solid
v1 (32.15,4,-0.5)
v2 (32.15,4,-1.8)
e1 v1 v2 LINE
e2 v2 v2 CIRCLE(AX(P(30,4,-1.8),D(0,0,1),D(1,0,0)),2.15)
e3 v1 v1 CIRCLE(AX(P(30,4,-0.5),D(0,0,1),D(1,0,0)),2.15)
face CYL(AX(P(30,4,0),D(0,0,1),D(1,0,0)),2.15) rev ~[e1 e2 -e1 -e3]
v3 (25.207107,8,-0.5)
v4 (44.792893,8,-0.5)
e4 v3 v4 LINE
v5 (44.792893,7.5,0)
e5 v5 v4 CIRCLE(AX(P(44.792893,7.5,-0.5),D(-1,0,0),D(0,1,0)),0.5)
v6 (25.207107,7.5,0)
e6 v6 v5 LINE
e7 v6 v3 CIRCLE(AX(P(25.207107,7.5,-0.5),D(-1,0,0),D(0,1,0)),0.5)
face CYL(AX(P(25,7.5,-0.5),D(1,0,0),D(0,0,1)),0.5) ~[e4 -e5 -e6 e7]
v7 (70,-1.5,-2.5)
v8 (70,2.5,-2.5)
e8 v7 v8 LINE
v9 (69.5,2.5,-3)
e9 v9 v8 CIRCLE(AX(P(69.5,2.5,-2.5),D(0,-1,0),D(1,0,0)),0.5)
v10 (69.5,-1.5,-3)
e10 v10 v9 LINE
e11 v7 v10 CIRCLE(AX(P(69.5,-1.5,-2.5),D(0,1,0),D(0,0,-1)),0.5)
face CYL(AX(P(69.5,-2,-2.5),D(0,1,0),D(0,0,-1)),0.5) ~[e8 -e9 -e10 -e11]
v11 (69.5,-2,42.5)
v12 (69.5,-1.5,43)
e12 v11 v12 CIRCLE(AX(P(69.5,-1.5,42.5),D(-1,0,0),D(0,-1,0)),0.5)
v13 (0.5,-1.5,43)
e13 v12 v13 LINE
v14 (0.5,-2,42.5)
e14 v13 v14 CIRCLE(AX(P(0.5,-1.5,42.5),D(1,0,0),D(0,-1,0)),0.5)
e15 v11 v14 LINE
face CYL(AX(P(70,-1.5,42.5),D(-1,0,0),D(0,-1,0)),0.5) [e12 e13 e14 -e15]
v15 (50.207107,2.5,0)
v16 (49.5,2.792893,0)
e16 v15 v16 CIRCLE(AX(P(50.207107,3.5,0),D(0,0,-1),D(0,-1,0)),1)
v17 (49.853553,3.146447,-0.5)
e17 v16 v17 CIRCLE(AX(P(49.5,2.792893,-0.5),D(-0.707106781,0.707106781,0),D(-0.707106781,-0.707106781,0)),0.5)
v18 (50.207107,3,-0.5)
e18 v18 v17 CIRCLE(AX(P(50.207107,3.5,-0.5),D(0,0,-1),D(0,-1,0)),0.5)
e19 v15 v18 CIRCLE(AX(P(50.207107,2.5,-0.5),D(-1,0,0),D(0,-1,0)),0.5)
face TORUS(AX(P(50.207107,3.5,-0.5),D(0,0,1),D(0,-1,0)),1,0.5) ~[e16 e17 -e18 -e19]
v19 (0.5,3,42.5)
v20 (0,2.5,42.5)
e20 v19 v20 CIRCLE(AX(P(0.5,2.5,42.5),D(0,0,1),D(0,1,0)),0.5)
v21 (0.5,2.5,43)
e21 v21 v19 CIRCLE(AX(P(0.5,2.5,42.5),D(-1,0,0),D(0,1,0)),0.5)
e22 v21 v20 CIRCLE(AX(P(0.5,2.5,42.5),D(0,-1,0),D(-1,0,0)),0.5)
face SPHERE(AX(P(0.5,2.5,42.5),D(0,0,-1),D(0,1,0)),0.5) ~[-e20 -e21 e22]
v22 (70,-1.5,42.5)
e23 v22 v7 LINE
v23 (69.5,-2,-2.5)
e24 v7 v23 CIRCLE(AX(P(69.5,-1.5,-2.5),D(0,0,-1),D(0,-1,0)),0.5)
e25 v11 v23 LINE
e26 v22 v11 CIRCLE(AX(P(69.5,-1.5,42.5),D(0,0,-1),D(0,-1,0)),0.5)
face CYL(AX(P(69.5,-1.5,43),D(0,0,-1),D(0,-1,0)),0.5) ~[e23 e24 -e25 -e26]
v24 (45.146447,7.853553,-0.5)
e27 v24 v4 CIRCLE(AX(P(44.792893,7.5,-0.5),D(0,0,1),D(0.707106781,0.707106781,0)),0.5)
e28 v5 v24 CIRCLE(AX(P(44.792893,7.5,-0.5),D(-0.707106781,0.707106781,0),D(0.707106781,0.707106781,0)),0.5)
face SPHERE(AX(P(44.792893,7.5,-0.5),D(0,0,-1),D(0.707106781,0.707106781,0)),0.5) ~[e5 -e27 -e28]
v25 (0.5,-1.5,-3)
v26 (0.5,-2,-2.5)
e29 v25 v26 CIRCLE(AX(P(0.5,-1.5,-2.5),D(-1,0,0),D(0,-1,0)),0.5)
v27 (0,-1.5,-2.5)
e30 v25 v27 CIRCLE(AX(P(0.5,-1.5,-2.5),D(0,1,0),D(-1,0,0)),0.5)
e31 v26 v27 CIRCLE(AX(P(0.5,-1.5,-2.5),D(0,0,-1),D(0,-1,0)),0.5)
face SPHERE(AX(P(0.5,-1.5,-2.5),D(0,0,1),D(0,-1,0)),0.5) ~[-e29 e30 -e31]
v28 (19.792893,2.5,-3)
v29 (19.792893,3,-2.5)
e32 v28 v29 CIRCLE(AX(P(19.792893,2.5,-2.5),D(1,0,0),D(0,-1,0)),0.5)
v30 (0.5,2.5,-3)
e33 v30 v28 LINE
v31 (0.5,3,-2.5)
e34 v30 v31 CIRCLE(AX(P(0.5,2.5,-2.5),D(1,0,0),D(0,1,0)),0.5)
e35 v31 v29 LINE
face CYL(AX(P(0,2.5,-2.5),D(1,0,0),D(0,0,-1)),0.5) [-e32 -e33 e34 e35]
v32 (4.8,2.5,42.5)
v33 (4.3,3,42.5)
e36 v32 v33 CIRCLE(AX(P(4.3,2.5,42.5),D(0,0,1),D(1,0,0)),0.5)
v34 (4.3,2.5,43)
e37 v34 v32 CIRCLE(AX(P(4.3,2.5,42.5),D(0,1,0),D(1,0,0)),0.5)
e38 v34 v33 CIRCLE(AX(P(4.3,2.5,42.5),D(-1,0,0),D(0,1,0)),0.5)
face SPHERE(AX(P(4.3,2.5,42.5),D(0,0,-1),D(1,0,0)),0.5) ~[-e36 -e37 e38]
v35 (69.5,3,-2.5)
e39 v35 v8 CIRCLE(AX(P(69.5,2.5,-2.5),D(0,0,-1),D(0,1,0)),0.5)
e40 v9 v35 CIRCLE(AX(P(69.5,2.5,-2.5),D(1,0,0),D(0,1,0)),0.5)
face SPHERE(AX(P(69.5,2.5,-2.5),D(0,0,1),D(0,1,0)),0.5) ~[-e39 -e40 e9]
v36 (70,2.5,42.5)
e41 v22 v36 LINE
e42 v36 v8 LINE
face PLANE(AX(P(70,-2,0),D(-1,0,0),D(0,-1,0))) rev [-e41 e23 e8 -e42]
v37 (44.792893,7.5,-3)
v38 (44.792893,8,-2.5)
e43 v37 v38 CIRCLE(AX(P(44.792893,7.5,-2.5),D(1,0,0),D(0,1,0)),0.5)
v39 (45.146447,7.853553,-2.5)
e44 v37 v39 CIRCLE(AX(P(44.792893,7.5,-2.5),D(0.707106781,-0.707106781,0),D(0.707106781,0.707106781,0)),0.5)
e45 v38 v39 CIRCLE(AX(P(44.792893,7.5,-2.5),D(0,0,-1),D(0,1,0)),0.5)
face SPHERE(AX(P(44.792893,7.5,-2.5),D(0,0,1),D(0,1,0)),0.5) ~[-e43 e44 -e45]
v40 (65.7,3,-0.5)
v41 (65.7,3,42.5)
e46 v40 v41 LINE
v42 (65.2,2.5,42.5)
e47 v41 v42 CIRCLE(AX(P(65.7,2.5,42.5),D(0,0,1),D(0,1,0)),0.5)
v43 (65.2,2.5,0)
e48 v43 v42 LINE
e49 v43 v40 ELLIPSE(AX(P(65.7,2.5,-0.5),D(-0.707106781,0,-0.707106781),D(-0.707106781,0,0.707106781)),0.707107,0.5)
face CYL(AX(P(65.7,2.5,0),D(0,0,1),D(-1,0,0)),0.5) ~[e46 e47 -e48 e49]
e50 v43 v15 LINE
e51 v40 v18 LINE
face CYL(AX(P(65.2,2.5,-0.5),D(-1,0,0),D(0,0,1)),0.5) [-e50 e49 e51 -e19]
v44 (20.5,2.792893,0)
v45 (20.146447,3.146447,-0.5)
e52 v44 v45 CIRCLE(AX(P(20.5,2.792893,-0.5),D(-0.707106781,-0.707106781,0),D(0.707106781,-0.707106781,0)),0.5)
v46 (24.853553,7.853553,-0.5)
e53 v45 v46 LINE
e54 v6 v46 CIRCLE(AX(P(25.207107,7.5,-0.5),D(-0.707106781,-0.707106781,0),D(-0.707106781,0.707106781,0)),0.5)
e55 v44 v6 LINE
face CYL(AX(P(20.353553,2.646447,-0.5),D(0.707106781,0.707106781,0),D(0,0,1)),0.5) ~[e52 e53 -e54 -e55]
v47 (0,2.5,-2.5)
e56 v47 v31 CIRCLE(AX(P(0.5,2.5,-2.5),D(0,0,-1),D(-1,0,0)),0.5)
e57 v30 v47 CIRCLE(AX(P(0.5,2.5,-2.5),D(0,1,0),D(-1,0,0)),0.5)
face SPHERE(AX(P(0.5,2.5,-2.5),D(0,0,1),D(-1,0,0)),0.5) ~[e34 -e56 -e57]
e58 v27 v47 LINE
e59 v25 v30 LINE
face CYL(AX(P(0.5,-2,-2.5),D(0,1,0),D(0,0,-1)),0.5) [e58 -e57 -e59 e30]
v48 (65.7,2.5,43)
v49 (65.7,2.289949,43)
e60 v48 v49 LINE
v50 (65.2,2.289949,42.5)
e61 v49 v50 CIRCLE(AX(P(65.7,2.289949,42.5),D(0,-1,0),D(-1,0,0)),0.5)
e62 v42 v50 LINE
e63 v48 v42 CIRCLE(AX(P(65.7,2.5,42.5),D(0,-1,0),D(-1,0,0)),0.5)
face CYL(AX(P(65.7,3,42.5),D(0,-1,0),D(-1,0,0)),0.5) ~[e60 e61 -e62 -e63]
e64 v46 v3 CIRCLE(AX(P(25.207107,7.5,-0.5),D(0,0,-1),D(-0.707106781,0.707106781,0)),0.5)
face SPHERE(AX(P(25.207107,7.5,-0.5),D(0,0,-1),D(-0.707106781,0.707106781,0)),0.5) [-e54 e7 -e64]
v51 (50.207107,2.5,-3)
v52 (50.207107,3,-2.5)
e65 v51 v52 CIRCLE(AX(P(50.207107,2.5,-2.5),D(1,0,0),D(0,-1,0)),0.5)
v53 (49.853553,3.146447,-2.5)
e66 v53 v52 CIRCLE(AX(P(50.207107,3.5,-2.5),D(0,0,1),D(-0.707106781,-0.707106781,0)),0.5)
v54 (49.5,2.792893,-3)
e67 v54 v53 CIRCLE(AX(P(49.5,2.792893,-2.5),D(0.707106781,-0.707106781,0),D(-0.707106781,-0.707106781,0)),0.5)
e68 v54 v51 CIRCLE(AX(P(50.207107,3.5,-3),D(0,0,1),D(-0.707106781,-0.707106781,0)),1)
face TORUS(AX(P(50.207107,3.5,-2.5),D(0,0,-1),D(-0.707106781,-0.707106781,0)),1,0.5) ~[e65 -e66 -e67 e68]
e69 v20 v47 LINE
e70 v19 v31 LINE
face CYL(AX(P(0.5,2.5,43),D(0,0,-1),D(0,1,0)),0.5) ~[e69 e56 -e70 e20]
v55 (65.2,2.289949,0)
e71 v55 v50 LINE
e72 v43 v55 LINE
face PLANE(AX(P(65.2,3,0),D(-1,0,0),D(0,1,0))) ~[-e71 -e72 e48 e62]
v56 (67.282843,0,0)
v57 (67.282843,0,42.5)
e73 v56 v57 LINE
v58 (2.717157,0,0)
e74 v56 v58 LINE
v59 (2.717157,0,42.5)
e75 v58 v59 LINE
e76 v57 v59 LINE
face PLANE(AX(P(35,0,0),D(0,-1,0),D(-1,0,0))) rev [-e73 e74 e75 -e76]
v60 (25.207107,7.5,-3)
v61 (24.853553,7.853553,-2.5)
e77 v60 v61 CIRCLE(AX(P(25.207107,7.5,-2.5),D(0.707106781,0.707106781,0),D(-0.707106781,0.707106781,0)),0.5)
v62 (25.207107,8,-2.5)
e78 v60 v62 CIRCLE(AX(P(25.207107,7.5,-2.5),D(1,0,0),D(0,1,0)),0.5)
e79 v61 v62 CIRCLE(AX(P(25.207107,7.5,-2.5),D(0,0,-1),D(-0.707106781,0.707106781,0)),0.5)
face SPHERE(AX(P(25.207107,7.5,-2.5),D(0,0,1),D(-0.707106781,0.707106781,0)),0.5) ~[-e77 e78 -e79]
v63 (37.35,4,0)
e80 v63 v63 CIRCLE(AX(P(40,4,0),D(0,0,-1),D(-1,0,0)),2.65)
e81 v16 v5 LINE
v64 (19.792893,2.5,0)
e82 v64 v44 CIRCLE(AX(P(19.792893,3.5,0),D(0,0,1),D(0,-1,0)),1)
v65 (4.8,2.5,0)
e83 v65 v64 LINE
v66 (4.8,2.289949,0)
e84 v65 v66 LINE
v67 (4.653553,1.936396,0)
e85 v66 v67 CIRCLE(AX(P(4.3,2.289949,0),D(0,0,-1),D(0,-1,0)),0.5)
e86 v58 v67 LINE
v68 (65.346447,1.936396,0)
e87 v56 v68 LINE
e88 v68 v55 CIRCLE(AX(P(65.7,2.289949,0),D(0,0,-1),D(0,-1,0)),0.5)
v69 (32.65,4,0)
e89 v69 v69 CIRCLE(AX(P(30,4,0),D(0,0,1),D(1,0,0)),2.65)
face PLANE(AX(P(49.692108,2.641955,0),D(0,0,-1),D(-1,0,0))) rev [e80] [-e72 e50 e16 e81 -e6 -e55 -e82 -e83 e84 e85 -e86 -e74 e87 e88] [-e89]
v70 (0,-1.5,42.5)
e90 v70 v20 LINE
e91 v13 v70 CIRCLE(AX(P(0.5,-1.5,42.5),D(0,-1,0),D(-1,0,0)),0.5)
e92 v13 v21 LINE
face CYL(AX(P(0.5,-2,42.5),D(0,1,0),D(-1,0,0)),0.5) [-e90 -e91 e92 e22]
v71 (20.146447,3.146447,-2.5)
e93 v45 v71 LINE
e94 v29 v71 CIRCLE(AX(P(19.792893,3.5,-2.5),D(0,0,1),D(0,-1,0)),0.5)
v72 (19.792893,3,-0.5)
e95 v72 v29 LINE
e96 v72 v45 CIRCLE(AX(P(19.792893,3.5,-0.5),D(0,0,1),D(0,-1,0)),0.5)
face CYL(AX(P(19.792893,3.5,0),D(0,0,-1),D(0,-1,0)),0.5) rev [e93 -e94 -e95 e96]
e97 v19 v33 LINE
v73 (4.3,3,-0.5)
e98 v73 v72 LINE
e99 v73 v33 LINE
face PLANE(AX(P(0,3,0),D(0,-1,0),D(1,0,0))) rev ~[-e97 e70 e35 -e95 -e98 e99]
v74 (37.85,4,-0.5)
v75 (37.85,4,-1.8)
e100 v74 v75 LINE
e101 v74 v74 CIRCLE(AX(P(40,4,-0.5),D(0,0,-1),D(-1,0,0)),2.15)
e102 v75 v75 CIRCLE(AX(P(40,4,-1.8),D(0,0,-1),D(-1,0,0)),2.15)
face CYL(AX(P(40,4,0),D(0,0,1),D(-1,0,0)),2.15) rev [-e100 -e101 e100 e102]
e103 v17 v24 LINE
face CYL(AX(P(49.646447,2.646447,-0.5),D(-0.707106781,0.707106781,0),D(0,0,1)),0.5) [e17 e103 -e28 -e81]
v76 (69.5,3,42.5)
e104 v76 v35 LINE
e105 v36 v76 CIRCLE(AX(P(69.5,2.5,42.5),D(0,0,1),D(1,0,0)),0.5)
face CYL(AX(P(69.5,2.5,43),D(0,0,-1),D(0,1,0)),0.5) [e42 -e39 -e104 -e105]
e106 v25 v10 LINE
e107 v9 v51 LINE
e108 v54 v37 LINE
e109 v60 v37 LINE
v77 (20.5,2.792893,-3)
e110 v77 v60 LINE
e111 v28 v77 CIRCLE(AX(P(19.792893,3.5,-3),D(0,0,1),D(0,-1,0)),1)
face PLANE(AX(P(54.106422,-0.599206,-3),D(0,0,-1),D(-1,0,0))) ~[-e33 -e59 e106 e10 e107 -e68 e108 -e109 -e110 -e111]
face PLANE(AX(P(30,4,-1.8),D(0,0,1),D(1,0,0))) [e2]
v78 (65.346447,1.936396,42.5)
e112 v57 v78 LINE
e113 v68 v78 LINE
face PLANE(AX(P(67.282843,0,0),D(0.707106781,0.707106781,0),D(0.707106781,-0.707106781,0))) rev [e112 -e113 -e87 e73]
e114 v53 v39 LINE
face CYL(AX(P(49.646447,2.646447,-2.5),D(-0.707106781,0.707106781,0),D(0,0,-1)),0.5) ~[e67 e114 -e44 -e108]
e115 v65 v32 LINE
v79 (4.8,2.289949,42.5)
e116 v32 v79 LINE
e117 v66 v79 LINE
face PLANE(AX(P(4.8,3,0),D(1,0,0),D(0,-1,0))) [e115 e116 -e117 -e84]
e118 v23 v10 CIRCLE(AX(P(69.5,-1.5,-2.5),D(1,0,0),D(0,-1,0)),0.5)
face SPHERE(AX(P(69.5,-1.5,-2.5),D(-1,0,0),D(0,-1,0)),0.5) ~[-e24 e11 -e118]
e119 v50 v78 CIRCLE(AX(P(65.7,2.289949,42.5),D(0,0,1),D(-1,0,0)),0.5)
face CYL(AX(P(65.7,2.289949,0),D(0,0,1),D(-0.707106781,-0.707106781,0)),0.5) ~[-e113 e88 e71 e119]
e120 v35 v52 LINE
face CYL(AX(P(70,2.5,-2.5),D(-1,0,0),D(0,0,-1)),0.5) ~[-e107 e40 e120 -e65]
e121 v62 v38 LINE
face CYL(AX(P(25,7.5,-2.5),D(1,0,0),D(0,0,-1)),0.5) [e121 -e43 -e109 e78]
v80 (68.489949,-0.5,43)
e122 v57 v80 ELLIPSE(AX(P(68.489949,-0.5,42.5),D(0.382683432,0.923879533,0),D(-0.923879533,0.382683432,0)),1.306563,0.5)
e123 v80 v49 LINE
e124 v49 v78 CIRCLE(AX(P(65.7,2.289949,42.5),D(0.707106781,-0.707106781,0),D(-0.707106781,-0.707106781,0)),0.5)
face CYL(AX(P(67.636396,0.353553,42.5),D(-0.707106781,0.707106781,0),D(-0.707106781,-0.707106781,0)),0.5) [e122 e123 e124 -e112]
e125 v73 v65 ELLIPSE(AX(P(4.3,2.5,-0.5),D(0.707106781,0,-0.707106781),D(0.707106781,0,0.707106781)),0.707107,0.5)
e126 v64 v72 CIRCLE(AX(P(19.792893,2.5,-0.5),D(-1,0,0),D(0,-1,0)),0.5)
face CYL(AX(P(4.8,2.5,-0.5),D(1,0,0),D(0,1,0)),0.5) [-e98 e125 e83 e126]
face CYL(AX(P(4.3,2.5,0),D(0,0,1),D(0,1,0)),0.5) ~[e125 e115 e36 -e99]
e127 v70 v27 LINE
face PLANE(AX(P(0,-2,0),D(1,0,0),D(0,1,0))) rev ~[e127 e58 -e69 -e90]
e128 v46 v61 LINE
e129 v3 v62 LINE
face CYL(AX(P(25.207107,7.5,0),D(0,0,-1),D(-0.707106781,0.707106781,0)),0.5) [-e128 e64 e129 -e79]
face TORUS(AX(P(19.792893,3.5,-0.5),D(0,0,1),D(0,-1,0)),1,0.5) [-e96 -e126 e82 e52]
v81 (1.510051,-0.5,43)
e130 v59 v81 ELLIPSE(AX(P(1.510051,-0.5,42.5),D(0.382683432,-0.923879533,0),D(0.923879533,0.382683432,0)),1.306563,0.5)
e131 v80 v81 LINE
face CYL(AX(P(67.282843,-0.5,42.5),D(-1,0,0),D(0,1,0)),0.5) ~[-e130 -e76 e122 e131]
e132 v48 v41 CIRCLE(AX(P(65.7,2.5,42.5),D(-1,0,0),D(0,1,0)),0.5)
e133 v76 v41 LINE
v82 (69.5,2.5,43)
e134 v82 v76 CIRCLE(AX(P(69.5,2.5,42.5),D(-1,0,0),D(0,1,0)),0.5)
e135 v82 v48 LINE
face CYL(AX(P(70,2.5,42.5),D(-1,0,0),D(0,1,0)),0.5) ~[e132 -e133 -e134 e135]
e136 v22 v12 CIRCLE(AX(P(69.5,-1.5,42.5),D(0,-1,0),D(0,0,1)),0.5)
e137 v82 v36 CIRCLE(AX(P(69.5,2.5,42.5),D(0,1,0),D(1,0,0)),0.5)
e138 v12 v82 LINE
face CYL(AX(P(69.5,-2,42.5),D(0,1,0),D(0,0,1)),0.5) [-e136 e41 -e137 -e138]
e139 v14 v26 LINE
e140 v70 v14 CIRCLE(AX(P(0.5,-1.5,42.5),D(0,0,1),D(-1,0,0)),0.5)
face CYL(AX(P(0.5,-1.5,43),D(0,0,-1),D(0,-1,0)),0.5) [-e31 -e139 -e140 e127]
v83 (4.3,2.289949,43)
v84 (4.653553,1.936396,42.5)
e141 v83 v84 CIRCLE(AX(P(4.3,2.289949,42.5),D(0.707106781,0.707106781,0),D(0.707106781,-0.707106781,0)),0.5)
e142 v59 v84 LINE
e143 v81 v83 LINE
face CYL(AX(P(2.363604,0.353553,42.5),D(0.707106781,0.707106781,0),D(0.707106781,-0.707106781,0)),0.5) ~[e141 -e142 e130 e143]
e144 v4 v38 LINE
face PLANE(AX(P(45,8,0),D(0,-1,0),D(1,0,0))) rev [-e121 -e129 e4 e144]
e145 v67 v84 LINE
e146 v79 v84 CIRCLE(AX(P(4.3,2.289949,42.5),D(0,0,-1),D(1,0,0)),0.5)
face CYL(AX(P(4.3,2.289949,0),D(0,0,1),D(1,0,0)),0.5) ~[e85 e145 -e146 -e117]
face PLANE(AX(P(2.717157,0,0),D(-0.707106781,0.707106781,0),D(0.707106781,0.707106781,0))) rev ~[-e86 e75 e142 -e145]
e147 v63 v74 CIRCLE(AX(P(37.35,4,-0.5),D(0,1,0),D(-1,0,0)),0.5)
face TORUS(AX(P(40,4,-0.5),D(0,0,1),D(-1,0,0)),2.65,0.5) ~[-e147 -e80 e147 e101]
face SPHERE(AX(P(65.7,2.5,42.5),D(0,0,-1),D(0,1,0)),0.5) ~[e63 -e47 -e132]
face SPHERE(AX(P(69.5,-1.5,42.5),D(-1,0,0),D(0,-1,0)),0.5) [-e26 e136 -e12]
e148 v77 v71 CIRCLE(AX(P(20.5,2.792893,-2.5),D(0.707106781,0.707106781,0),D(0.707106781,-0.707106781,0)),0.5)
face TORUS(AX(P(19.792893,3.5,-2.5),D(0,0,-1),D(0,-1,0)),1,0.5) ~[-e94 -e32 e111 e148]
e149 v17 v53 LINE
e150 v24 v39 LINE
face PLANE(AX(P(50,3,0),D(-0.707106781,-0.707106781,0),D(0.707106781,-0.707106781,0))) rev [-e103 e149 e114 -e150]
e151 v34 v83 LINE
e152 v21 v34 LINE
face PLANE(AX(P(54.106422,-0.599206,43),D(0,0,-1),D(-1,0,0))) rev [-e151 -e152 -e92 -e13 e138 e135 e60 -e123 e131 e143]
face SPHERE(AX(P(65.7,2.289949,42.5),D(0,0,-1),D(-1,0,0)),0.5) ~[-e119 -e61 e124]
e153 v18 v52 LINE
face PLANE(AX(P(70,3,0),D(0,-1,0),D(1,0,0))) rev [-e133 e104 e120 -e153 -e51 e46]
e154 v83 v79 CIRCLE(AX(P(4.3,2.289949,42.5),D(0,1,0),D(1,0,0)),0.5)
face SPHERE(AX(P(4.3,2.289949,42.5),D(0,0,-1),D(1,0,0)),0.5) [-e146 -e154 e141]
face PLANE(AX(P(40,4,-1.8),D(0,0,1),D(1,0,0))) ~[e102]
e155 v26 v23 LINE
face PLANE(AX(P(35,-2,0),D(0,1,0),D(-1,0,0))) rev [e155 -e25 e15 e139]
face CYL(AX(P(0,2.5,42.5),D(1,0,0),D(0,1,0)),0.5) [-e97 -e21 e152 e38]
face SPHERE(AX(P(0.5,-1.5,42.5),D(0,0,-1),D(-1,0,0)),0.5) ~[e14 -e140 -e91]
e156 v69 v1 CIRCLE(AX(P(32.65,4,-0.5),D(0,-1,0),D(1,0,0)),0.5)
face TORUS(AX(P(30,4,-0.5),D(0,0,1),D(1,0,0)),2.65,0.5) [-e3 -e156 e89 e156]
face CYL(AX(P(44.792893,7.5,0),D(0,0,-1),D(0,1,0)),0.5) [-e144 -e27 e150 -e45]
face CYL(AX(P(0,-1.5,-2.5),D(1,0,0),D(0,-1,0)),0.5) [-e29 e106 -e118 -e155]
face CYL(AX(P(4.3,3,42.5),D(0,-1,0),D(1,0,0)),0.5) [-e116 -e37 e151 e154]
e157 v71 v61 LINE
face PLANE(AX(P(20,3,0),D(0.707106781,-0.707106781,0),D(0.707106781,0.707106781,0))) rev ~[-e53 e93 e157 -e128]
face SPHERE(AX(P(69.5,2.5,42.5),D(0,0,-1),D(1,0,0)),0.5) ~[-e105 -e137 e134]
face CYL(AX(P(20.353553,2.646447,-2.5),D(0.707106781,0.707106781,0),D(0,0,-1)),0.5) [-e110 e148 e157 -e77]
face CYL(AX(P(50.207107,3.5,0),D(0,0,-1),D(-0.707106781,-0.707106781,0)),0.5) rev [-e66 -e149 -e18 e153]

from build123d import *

# Parameters (mm, degrees)
BOSS_EXTRUDE1_DEPTH = 43
BOSS_EXTRUDE2_DEPTH = 3
SKETCH1_5_R         = 2.15
CUT_EXTRUDE1_DEPTH  = 1.8
FILLET1_R           = 0.5


with BuildPart() as part:
    # Sketch1 → Boss-Extrude1 (new body)
    with BuildSketch(Plane.XY):
        Polygon((4.8, 3), (0, 3), (0, -2), (35, -2), (35, 0), (3, 0), (2.717157288, 0), (2.858578644, 0.141421356), (4.8, 2.082842712), align=None)
    extrude(amount=BOSS_EXTRUDE1_DEPTH)

    # Sketch1<3> → Boss-Extrude2 (add)
    with BuildSketch(Plane.XY):
        Polygon((0, 3), (0, -2), (35, -2), (35, 8), (25, 8), (20, 3), align=None)
    extrude(amount=-BOSS_EXTRUDE2_DEPTH)

    # Sketch1<5> → Cut-Extrude1 (cut)
    with BuildSketch(Plane.XY):
        with Locations((30, 4)):
            Circle(SKETCH1_5_R)
    extrude(amount=-CUT_EXTRUDE1_DEPTH, mode=Mode.SUBTRACT)

    # Mirror1: part across plane


with BuildPart() as part_1:
    add(part.part)
    add(part.part.mirror(Plane(origin=(35, 0, 43), x_dir=(0, 0, 1), z_dir=(-1, 0, 0))))

    # Fillet1
    fillet1_edges = [part_1.edges().sort_by_distance(p)[0] for p in [
        (47.5, 5.5, 0),
        (22.5, 5.5, 0),
        (66.241421356, 1.041421356, 43),
        (65.2, 2.541421356, 43),
        (4.8, 2.541421356, 43),
        (3.758578644, 1.041421356, 43),
        (35, 0, 43),
        (0, 0.5, 43),
        (70, 0.5, 43),
        (35, -2, 43),
        (70, -2, 20),
        (0, -2, 20),
        (22.5, 5.5, -3),
        (0, 0.5, -3),
        (35, -2, -3),
        (70, 0.5, -3),
        (47.5, 5.5, -3),
        (25, 8, -1.5),
        (35, 8, -3),
        (45, 8, -1.5),
        (35, 8, 0),
        (57.6, 3, 0),
        (50, 3, -1.5),
        (60, 3, -3),
        (70, 3, 20),
        (67.6, 3, 43),
        (65.2, 3, 21.5),
        (2.4, 3, 43),
        (0, 3, 20),
        (10, 3, -3),
        (20, 3, -1.5),
        (12.4, 3, 0),
        (4.8, 3, 21.5),
        (4.8, 2.082842712, 21.5),
        (65.2, 2.082842712, 21.5),
        (27.85, 4, 0),
        (42.15, 4, 0),
    ]]
    fillet(fillet1_edges, radius=FILLET1_R)


solid = part_1.part
